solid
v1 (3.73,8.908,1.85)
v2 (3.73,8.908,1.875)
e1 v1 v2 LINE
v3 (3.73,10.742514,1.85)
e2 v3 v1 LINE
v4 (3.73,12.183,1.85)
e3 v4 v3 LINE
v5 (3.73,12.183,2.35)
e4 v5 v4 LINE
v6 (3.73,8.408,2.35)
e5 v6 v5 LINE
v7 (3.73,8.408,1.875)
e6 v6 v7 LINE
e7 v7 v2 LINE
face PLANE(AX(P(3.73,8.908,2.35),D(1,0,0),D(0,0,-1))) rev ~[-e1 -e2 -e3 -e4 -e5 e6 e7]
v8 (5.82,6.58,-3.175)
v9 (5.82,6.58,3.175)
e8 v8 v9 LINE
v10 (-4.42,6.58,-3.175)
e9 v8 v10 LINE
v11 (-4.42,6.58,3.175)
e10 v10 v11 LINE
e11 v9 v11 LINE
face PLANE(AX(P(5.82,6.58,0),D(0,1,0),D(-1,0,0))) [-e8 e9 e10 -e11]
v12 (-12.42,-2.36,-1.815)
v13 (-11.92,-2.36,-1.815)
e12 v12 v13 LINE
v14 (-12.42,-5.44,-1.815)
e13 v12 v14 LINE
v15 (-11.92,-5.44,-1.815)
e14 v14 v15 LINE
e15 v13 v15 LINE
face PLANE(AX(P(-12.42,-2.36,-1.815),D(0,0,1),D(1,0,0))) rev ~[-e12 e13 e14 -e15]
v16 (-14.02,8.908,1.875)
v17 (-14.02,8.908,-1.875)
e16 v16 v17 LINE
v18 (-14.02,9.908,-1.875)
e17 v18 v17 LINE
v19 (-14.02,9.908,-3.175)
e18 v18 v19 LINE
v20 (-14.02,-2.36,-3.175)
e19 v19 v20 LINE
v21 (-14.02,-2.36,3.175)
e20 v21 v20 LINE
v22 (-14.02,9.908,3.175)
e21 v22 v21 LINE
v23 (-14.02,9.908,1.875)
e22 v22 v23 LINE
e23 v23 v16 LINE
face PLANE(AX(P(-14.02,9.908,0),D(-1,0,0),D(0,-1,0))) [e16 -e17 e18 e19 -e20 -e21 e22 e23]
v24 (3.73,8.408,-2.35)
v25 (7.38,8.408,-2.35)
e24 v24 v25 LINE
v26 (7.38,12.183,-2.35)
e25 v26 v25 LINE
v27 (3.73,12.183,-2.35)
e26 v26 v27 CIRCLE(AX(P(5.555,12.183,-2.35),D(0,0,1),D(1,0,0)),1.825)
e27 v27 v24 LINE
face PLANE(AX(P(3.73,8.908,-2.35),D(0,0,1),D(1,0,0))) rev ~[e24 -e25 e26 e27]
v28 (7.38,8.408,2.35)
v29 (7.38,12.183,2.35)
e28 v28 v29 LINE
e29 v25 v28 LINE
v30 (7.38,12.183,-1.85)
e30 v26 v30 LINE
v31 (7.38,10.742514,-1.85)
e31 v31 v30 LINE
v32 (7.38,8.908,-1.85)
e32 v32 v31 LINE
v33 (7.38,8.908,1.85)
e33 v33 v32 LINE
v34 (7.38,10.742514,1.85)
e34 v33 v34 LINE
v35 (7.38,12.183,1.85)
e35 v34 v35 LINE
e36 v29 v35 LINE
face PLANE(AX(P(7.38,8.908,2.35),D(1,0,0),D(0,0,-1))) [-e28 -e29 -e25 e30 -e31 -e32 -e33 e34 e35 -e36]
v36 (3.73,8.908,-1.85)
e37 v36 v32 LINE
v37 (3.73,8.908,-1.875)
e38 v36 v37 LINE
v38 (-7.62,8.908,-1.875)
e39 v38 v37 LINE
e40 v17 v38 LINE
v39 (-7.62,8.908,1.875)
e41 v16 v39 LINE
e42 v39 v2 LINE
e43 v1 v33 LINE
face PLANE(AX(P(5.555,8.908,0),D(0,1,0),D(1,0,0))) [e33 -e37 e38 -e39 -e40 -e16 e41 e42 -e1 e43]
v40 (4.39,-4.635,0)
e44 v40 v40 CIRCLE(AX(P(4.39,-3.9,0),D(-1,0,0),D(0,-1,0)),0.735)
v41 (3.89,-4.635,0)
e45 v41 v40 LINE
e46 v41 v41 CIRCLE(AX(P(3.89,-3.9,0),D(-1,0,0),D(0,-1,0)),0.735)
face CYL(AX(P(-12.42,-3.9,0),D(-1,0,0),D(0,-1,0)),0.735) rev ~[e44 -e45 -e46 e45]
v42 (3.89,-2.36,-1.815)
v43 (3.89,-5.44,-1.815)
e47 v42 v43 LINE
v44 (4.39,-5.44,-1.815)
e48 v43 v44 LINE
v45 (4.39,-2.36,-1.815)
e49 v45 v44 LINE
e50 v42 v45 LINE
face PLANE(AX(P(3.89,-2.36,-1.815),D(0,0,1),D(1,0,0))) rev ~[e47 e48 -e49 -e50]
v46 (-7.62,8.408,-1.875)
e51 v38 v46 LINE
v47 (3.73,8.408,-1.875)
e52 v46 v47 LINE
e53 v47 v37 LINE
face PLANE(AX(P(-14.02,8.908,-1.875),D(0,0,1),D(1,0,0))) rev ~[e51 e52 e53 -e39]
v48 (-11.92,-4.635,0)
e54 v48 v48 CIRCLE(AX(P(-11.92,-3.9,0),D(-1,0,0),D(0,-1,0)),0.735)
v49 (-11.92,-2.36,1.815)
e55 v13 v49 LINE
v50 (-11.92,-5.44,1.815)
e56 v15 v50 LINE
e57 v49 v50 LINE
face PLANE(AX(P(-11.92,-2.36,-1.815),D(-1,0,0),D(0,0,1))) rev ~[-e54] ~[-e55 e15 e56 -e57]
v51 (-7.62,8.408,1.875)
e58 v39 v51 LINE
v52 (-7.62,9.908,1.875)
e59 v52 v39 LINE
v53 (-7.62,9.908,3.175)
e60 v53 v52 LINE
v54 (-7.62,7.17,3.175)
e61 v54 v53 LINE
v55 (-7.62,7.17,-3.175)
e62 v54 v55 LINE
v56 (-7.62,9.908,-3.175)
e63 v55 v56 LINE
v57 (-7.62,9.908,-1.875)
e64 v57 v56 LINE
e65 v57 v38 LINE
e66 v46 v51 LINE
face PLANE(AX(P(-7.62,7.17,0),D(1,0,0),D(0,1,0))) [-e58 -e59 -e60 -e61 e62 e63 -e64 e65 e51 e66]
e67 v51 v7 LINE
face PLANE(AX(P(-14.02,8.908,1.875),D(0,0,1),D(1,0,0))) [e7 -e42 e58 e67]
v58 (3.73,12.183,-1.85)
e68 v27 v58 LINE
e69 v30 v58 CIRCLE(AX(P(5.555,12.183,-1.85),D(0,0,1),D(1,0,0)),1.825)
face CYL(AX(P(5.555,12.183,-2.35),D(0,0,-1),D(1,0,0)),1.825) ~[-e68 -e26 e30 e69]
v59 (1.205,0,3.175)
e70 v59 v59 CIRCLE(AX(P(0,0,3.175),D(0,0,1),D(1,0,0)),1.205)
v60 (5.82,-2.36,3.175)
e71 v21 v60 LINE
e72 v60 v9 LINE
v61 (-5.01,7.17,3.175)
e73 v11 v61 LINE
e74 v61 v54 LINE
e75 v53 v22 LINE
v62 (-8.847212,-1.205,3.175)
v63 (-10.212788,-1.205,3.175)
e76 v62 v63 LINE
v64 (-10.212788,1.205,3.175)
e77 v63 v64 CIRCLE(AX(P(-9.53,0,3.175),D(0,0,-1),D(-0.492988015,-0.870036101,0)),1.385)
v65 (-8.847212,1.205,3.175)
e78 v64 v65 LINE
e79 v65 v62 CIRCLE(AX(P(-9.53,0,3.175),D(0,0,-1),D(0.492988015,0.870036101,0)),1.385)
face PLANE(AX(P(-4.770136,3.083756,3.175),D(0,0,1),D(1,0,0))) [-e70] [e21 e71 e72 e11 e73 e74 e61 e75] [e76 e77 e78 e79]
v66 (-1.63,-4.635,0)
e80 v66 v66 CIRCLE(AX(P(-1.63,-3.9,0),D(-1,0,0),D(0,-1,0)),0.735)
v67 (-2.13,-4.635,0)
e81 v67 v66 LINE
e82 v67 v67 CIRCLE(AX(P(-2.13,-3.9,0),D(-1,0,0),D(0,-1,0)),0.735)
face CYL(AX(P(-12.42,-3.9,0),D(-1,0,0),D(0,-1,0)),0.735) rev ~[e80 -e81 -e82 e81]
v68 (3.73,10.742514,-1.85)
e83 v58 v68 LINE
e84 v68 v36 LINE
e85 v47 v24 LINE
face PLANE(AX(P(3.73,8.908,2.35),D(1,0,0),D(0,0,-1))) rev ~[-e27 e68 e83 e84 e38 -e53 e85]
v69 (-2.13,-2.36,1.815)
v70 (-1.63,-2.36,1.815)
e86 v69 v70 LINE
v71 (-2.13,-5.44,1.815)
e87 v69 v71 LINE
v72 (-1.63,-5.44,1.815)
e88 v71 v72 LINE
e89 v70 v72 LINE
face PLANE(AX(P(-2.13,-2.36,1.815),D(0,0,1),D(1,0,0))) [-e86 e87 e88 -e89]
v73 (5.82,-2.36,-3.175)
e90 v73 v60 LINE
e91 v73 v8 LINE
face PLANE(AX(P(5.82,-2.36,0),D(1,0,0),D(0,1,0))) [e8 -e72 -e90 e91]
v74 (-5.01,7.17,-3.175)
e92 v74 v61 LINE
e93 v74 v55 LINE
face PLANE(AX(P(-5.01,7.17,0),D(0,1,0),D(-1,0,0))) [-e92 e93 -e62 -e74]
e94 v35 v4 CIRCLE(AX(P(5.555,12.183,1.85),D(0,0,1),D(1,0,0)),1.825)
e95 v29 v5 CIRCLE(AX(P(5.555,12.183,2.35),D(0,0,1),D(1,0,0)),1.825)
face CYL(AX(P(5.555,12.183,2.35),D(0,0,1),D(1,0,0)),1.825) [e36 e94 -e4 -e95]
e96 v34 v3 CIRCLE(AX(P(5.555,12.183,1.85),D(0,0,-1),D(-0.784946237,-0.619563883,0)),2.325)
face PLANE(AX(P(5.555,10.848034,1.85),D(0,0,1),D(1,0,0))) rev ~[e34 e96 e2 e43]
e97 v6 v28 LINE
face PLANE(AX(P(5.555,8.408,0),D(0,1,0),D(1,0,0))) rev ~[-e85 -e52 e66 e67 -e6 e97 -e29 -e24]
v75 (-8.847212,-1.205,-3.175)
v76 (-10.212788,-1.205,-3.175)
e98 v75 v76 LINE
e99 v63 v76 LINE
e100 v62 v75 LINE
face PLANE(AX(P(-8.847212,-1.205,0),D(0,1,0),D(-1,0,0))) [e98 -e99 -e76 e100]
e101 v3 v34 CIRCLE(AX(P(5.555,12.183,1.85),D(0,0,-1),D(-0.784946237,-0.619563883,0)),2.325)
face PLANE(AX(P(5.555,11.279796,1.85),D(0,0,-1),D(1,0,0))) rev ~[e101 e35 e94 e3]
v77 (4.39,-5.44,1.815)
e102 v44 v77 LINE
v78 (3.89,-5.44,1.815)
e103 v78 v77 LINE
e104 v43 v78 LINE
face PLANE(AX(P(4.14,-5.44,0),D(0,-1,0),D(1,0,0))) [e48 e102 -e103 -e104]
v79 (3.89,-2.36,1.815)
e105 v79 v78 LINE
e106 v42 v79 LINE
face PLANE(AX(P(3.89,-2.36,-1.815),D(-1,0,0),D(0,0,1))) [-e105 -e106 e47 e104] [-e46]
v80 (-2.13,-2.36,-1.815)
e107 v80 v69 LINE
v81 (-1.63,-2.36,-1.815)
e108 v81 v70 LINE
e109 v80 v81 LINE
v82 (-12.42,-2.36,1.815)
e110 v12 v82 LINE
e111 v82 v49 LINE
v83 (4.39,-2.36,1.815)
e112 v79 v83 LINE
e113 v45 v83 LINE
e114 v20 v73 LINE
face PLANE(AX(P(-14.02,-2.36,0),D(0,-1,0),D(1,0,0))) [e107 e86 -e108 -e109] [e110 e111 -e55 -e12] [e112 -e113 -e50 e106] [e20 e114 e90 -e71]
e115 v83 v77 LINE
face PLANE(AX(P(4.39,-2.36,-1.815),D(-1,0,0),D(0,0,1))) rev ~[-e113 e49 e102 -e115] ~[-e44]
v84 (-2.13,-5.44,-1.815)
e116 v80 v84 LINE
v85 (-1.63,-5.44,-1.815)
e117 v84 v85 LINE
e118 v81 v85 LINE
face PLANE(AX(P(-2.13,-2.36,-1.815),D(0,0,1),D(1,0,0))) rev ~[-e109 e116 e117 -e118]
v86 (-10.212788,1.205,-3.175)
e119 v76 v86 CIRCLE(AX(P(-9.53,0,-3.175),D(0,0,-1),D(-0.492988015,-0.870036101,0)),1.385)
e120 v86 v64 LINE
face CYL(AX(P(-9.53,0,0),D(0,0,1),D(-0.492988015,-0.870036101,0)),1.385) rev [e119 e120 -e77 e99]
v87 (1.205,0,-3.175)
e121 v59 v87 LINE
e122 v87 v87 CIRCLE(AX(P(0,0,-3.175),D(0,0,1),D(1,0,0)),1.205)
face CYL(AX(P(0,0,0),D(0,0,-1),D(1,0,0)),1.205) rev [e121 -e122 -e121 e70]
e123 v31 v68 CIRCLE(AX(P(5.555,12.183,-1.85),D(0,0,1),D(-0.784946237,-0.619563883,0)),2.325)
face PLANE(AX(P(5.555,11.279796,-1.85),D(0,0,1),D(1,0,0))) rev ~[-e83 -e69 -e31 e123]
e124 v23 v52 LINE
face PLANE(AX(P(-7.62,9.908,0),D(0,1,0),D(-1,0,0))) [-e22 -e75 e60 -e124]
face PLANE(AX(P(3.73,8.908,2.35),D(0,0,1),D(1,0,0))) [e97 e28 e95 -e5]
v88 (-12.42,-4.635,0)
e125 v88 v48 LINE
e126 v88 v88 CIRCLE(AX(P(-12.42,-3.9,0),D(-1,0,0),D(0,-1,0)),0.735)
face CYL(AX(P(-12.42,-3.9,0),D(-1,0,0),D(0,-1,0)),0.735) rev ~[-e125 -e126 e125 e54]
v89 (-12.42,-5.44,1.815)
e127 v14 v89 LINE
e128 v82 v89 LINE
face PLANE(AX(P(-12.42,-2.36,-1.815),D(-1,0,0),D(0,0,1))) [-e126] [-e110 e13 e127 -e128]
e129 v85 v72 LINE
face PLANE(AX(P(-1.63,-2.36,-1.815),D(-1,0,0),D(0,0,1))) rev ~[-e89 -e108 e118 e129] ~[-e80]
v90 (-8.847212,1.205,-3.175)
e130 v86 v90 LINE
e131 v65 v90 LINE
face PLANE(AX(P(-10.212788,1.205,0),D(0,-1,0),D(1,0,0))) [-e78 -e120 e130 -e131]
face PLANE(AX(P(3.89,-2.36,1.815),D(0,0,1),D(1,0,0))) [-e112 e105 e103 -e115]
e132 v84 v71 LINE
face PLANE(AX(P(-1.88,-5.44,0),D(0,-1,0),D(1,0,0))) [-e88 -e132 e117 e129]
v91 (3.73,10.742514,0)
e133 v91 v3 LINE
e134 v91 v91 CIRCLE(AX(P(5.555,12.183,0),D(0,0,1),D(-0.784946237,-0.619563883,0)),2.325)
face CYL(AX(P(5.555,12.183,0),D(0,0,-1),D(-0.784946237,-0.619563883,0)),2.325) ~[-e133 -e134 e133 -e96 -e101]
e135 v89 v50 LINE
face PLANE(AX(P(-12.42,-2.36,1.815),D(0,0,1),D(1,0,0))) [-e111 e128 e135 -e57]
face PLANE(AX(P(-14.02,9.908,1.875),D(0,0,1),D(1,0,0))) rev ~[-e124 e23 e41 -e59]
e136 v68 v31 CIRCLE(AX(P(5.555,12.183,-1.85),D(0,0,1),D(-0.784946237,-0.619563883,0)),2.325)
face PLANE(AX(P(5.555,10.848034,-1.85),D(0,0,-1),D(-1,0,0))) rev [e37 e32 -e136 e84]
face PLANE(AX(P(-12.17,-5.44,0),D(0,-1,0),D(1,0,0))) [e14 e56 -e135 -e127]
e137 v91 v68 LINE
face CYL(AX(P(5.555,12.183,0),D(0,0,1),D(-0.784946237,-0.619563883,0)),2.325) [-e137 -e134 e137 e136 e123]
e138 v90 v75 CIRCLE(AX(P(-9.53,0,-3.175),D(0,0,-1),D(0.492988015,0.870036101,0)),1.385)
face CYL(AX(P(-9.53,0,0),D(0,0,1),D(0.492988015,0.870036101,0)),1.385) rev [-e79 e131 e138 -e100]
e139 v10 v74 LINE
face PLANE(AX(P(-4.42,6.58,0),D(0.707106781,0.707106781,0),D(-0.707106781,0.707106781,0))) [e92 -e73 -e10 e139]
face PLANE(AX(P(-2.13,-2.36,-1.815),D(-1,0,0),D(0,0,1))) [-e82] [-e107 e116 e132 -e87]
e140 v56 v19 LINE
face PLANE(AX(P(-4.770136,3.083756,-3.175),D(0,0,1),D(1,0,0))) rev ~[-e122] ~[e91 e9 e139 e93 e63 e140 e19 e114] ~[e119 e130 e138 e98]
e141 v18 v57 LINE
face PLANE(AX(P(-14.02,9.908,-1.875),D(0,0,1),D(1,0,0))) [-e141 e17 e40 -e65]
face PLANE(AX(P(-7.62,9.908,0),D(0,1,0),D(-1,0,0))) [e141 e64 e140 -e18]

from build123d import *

# Parameters (mm, degrees)
SKETCH_1_R                  = 1.205
EXTRUDE_1_DEPTH             = 3.175
SKETCH_2_W                  = 0.5
SKETCH_2_H                  = 3.63
EXTRUDE_2_DEPTH             = 3.08
SKETCH_3_R                  = 0.735
CUT_EXTRUDE_1_DEPTH         = 21.998730652
SKETCH_4_W                  = 6.4
SKETCH_4_H                  = 3.75
CUT_EXTRUDE_2_DEPTH         = 1
SKETCH_6_W                  = 21.4
SKETCH_6_H                  = 3.75
EXTRUDE_3_DEPTH             = 0.5
SKETCH_7_W                  = 3.65
SKETCH_7_H                  = 4.7
EXTRUDE_4_DEPTH             = 0.5
EXTRUDE_5_DEPTH             = 0.5
EXTRUDE_7_REACH             = 22.071
SKETCH_9_R                  = 2.325
EXTRUDE_7_DIRECTION_2_REACH = 22.071


with BuildPart() as part:
    # 스케치1 → 보스-돌출1 (new, symmetric)
    with BuildSketch(Plane.XY):
        Polygon((-14.02, -2.36), (5.82, -2.36), (5.82, 6.58), (-4.42, 6.58), (-5.01, 7.17), (-7.62, 7.17), (-7.62, 9.908), (-14.02, 9.908), (-14.02, 6.58), align=None)
        Circle(SKETCH_1_R, mode=Mode.SUBTRACT)
        with BuildLine():
            Line((-10.212788401, 1.205), (-8.847211599, 1.205))
            ThreePointArc((-8.847211599, 1.205), (-8.145, 0), (-8.847211599, -1.205))
            Line((-8.847211599, -1.205), (-10.212788401, -1.205))
            ThreePointArc((-10.212788401, -1.205), (-10.915, 0), (-10.212788401, 1.205))
        make_face(mode=Mode.SUBTRACT)
    extrude(amount=EXTRUDE_1_DEPTH, both=True)

    # 스케치2 → 보스-돌출2 (add)
    with BuildSketch(Plane.XZ.offset(2.36)):
        with Locations((-12.17, 0)):
            Rectangle(SKETCH_2_W, SKETCH_2_H)
        with Locations((-1.88, 0)):
            Rectangle(SKETCH_2_W, SKETCH_2_H)
        with Locations((4.14, 0)):
            Rectangle(SKETCH_2_W, SKETCH_2_H)
    extrude(amount=EXTRUDE_2_DEPTH)

    # 스케치3 → 컷-돌출1 (cut, through all)
    with BuildSketch(Plane.ZY.offset(12.42)):
        with Locations(Location((0, -3.9, 0), (0, 0, 270))):
            Circle(SKETCH_3_R)
    extrude(amount=-CUT_EXTRUDE_1_DEPTH, mode=Mode.SUBTRACT)

    # 스케치4 → 컷-돌출2 (cut)
    with BuildSketch(Plane(origin=(0, 9.908, 0), x_dir=(1, 0, 0), z_dir=(0, 1, 0))):
        with Locations((-10.82, 0)):
            Rectangle(SKETCH_4_W, SKETCH_4_H)
    extrude(amount=-CUT_EXTRUDE_2_DEPTH, mode=Mode.SUBTRACT)

    # 스케치6 → 보스-돌출3 (add)
    with BuildSketch(Plane(origin=(0, 8.908, 0), x_dir=(1, 0, 0), z_dir=(0, 1, 0))):
        with Locations((-3.32, 0)):
            Rectangle(SKETCH_6_W, SKETCH_6_H)
    extrude(amount=-EXTRUDE_3_DEPTH)

    # 스케치7 → 보스-돌출4 (add)
    with BuildSketch(Plane(origin=(0, 8.908, 0), x_dir=(1, 0, 0), z_dir=(0, 1, 0))):
        with Locations((5.555, 0)):
            Rectangle(SKETCH_7_W, SKETCH_7_H)
    extrude(amount=-EXTRUDE_4_DEPTH)

    # 스케치8 → 보스-돌출5 (add)
    with BuildSketch(Plane.XY.offset(2.35)):
        with BuildLine():
            Line((3.73, 8.408), (7.38, 8.408))
            Line((7.38, 8.408), (7.38, 12.183))
            ThreePointArc((7.38, 12.183), (5.555, 14.008), (3.73, 12.183))
            Line((3.73, 12.183), (3.73, 8.408))
        make_face()
    extrude_5 = extrude(amount=-EXTRUDE_5_DEPTH)

    # 대칭 복사1: 보스-돌출5 across plane
    add(extrude_5.mirror(Plane.XY))

    # 보스-돌출7: up to this face of the body (flat: up to its plane)
    extrude_7_end = Plane(part.part.faces().sort_by_distance((5.555, 11.279795549, 1.85))[0])
    # 스케치9 → 보스-돌출7 (add, up to the picked face)
    with BuildSketch(Plane.XY, mode=Mode.PRIVATE) as extrude_7_sk1:
        with Locations(Location((5.555, 12.183, 0), (0, 0, 218.284293925))):
            Circle(SKETCH_9_R)
    extrude_7_tool1 = split(extrude(extrude_7_sk1.sketch, amount=EXTRUDE_7_REACH, mode=Mode.PRIVATE), bisect_by=extrude_7_end, keep=Keep.BOTH, mode=Mode.PRIVATE)
    add(extrude_7_tool1.solids().sort_by(Axis((5.555, 12.183, 0), (0, 0, 1)))[0])

    # 보스-돌출7 direction 2: up to this face of the body (flat: up to its plane)
    extrude_7_direction_2_end = Plane(part.part.faces().sort_by_distance((5.555, 11.279795549, -1.85))[0])
    # 스케치9 → 보스-돌출7 direction 2 (add, up to the picked face)
    with BuildSketch(Plane.XY, mode=Mode.PRIVATE) as extrude_7_direction_2_sk1:
        with Locations(Location((5.555, 12.183, 0), (0, 0, 218.284293925))):
            Circle(SKETCH_9_R)
    extrude_7_direction_2_tool1 = split(extrude(extrude_7_direction_2_sk1.sketch, amount=-EXTRUDE_7_DIRECTION_2_REACH, mode=Mode.PRIVATE), bisect_by=extrude_7_direction_2_end, keep=Keep.BOTH, mode=Mode.PRIVATE)
    add(extrude_7_direction_2_tool1.solids().sort_by(Axis((5.555, 12.183, 0), (0, 0, -1)))[0])


solid = part.part
